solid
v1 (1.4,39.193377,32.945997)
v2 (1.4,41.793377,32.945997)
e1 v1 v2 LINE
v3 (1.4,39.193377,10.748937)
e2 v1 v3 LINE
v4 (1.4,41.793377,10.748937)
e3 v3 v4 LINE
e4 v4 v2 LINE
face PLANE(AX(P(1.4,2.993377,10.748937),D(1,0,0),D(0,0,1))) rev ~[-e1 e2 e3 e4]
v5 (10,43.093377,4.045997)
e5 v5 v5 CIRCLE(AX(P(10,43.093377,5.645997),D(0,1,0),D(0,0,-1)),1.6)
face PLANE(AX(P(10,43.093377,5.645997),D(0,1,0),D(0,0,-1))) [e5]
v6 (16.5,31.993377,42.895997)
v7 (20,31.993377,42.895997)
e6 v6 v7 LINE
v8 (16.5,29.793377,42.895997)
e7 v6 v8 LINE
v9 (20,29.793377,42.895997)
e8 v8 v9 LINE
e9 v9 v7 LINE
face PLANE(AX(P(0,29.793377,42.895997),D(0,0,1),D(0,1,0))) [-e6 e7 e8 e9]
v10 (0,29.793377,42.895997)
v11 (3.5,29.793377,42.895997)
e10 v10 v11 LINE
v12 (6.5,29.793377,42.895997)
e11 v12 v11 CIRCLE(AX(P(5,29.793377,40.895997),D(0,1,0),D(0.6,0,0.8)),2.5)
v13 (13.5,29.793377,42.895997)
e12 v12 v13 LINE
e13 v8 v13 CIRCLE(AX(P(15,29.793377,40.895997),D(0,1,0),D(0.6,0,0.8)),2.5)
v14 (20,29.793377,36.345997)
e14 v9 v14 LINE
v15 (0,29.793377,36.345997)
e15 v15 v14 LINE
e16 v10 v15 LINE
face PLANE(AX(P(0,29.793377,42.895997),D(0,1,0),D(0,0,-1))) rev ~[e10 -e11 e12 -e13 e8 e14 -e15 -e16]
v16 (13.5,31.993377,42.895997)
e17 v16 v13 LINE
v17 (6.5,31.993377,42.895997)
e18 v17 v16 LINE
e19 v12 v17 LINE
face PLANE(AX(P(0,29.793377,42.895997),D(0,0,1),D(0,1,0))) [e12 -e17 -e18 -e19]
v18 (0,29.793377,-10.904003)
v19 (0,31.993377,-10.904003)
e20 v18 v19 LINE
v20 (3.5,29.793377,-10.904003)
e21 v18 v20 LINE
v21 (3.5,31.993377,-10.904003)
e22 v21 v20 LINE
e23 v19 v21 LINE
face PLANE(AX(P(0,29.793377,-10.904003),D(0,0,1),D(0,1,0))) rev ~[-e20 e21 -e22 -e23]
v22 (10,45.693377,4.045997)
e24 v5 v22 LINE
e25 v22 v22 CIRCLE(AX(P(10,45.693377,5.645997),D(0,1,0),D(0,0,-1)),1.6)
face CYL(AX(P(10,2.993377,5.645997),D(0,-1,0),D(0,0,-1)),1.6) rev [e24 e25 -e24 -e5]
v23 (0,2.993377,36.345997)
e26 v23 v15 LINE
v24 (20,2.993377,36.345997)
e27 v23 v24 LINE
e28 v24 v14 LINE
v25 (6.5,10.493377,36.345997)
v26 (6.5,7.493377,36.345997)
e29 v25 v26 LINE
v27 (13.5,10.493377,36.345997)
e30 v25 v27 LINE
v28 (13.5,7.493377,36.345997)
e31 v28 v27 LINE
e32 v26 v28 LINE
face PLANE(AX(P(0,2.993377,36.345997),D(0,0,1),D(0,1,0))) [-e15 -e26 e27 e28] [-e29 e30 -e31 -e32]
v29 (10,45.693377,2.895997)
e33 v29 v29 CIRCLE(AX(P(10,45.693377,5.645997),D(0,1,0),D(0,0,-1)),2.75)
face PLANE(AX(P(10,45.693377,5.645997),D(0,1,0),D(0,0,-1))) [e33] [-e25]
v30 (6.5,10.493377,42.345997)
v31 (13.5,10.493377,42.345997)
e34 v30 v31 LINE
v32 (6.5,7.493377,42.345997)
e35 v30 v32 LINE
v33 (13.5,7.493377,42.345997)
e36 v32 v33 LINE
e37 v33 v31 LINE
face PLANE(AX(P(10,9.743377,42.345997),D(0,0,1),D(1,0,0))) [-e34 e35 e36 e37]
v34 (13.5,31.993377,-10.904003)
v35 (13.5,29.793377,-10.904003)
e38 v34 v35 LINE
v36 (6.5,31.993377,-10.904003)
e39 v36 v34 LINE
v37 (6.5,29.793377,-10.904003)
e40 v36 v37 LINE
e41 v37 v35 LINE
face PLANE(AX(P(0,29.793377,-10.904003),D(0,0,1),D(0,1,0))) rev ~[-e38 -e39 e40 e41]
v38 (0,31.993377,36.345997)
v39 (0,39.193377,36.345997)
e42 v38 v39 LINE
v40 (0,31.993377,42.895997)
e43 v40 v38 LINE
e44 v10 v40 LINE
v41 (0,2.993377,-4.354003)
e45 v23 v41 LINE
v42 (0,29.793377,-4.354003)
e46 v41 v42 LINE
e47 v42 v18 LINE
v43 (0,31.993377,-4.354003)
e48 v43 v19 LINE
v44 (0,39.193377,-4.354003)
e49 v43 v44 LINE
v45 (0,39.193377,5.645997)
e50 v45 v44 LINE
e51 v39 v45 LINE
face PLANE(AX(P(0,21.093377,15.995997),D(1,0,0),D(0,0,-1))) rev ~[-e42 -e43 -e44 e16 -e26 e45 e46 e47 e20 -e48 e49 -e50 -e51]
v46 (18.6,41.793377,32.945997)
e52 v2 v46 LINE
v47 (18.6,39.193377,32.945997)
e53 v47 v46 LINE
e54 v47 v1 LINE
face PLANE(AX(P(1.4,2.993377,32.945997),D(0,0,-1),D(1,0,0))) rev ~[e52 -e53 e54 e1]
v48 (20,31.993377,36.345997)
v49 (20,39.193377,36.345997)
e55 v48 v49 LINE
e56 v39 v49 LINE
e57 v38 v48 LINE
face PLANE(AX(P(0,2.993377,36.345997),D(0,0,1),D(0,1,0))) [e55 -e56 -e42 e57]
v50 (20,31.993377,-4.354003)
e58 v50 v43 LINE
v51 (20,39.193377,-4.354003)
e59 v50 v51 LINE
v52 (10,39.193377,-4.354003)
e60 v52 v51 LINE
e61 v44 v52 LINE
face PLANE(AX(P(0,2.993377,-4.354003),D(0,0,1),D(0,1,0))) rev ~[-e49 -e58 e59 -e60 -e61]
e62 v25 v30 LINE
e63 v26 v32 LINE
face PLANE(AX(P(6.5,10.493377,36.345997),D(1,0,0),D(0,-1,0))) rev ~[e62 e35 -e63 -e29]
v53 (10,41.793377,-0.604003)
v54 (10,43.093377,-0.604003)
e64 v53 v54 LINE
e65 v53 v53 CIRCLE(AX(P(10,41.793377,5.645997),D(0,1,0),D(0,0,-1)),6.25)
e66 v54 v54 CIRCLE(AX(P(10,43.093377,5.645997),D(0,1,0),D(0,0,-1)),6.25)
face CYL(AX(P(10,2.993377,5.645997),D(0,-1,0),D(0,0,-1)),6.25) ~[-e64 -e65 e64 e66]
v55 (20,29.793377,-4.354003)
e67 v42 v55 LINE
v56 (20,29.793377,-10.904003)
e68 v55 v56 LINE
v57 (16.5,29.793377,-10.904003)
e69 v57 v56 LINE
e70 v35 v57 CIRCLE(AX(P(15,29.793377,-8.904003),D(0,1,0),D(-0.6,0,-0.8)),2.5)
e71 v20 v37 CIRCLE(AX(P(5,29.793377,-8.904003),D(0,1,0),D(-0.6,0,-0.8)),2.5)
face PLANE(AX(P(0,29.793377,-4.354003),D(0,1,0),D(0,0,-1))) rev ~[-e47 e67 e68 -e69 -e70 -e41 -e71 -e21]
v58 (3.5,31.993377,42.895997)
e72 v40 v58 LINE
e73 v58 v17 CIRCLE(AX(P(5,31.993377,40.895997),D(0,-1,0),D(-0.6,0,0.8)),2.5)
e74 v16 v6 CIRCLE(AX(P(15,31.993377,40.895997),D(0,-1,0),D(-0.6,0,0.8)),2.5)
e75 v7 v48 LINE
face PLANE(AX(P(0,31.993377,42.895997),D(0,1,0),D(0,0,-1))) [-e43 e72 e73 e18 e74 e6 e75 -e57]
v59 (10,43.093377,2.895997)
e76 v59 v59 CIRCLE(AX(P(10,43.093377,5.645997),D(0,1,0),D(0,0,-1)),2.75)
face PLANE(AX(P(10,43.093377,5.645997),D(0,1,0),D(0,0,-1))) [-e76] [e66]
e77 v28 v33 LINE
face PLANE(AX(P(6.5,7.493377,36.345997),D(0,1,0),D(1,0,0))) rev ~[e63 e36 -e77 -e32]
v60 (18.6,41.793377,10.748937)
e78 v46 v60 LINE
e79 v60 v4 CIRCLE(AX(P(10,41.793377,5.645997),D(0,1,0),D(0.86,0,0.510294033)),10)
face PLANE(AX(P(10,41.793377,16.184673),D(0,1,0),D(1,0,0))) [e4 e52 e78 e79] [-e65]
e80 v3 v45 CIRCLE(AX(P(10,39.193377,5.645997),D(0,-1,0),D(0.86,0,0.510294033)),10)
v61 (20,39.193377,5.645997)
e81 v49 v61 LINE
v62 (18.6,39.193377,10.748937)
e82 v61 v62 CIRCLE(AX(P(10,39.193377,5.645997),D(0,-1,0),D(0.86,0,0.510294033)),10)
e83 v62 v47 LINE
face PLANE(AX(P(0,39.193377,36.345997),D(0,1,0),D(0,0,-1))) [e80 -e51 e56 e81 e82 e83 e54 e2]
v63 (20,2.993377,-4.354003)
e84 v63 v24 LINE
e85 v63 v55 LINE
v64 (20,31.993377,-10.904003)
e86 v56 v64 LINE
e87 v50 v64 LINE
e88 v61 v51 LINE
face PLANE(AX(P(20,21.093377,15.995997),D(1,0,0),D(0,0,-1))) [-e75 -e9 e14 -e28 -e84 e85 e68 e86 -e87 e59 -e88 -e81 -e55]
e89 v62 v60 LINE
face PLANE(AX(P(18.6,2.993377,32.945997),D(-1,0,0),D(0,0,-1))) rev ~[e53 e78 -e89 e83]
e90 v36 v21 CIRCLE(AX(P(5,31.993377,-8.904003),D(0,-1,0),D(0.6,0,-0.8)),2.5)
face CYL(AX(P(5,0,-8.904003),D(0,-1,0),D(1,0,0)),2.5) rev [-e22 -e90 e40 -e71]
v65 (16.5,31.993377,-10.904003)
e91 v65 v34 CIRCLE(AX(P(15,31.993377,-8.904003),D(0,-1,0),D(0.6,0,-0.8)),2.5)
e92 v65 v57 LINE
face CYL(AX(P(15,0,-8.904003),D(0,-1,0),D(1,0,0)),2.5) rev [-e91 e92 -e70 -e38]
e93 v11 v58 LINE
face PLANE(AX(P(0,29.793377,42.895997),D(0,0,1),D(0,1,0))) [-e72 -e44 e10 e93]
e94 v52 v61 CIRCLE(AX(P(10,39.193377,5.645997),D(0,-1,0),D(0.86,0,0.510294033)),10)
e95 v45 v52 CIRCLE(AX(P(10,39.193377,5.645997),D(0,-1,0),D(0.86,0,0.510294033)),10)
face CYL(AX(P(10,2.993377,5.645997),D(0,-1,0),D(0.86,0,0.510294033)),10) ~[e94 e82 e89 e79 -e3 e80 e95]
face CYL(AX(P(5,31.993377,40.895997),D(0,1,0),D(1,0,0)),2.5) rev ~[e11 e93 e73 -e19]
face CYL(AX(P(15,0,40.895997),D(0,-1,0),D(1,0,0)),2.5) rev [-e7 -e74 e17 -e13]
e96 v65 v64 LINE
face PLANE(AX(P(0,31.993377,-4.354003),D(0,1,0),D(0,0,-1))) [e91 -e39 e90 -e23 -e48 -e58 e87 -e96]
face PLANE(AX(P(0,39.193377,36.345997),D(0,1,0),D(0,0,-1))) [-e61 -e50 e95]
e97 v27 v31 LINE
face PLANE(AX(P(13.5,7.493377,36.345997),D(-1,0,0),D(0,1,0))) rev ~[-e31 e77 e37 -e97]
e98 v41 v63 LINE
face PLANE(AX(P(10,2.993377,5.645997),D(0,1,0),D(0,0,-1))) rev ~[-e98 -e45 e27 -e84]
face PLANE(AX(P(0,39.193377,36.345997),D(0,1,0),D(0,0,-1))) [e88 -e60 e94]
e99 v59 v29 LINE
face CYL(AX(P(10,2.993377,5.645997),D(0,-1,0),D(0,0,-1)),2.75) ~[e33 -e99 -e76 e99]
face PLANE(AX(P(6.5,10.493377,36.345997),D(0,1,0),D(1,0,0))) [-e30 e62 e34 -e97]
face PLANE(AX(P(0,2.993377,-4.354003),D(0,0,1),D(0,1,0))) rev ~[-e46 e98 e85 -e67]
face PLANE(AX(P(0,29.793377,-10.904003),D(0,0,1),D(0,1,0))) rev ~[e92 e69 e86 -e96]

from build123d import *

# Parameters (mm, degrees)
SKETCH1_W           = 40.7
SKETCH1_H           = 36.2
BOSS_EXTRUDE1_DEPTH = 20
SKETCH2_W           = 6.55
SKETCH2_H           = 2.2
BOSS_EXTRUDE2_DEPTH = 20
SKETCH3_R           = 6.25
BOSS_EXTRUDE3_DEPTH = 38.8
SKETCH3_3_R         = 6.25
SKETCH3_3_R_2       = 2.75
SKETCH3_3_R_3       = 1.6
BOSS_EXTRUDE4_DEPTH = 40.1
SKETCH3_4_R         = 2.75
SKETCH3_4_R_2       = 1.6
BOSS_EXTRUDE5_DEPTH = 42.7
SKETCH5_R           = 2.5
CUT_EXTRUDE1_DEPTH  = 43.9
SKETCH8_R           = 2.5
CUT_EXTRUDE2_DEPTH  = 43.9
SKETCH10_R          = 2.5
CUT_EXTRUDE3_DEPTH  = 43.9
SKETCH12_W          = 7
SKETCH12_H          = 1.5
BOSS_EXTRUDE6_DEPTH = 6


with BuildPart() as part:
    # Sketch1 → Boss-Extrude1 (new body)
    with BuildSketch(Plane(origin=(0, 0, 0), x_dir=(0, 0, -1), z_dir=(1, 0, 0))):
        with Locations((-15.995997066, 21.093377017)):
            Rectangle(SKETCH1_W, SKETCH1_H)
    extrude(amount=BOSS_EXTRUDE1_DEPTH)

    # Sketch2 → Boss-Extrude2 (add)
    with BuildSketch(Plane(origin=(0, 0, 0), x_dir=(0, 0, -1), z_dir=(1, 0, 0))):
        with Locations((-39.620997066, 30.893377017)):
            Rectangle(SKETCH2_W, SKETCH2_H)
        with Locations((7.629002934, 30.893377017)):
            Rectangle(SKETCH2_W, SKETCH2_H)
    extrude(amount=BOSS_EXTRUDE2_DEPTH)

    # Sketch3 → Boss-Extrude3 (add)
    with BuildSketch(Plane(origin=(0, 2.993377017, 0), x_dir=(1, 0, 0), z_dir=(0, 1, 0))):
        with BuildLine():
            Line((1.4, -10.748937395), (1.4, -32.945997066))
            Line((1.4, -32.945997066), (18.6, -32.945997066))
            Line((18.6, -32.945997066), (18.6, -10.748937395))
            ThreePointArc((18.6, -10.748937395), (10, 4.354002934), (1.4, -10.748937395))
        make_face()
        with Locations(Location((10, -5.645997066, 0), (0, 0, 90))):
            Circle(SKETCH3_R, mode=Mode.SUBTRACT)
    extrude(amount=BOSS_EXTRUDE3_DEPTH)

    # Sketch3<3> → Boss-Extrude4 (add)
    # profile 1 of 2: a face of its own
    with BuildSketch(Plane(origin=(0, 2.993377017, 0), x_dir=(1, 0, 0), z_dir=(0, 1, 0))):
        with Locations(Location((10, -5.645997066, 0), (0, 0, 90))):
            Circle(SKETCH3_3_R)
        with Locations(Location((10, -5.645997066, 0), (0, 0, 90))):
            Circle(SKETCH3_3_R_2, mode=Mode.SUBTRACT)
    # profile 2 of 2: a face of its own
    with BuildSketch(Plane(origin=(0, 2.993377017, 0), x_dir=(1, 0, 0), z_dir=(0, 1, 0))):
        with Locations(Location((10, -5.645997066, 0), (0, 0, 90))):
            Circle(SKETCH3_3_R_3)
    extrude(amount=BOSS_EXTRUDE4_DEPTH)

    # Sketch3<4> → Boss-Extrude5 (add)
    with BuildSketch(Plane(origin=(0, 2.993377017, 0), x_dir=(1, 0, 0), z_dir=(0, 1, 0))):
        with Locations(Location((10, -5.645997066, 0), (0, 0, 90))):
            Circle(SKETCH3_4_R)
        with Locations(Location((10, -5.645997066, 0), (0, 0, 90))):
            Circle(SKETCH3_4_R_2, mode=Mode.SUBTRACT)
    extrude(amount=BOSS_EXTRUDE5_DEPTH)

    # Sketch5 → Cut-Extrude1 (cut)
    with BuildSketch(Plane(origin=(0, 0, 0), x_dir=(1, 0, 0), z_dir=(0, 1, 0))):
        with Locations((15, -40.895997066)):
            Circle(SKETCH5_R)
    extrude(amount=CUT_EXTRUDE1_DEPTH, mode=Mode.SUBTRACT)

    # Sketch8 → Cut-Extrude2 (cut)
    with BuildSketch(Plane(origin=(0, 31.993377017, 0), x_dir=(1, 0, 0), z_dir=(0, 1, 0))):
        with Locations((5, -40.895997066)):
            Circle(SKETCH8_R)
    extrude(amount=-CUT_EXTRUDE2_DEPTH, mode=Mode.SUBTRACT)

    # Sketch10 → Cut-Extrude3 (cut)
    with BuildSketch(Plane(origin=(0, 0, 0), x_dir=(1, 0, 0), z_dir=(0, 1, 0))):
        with Locations((5, 8.904002934)):
            Circle(SKETCH10_R)
        with Locations((15, 8.904002934)):
            Circle(SKETCH10_R)
    extrude(amount=CUT_EXTRUDE3_DEPTH, mode=Mode.SUBTRACT)

    # Sketch12 → Boss-Extrude6 (add)
    with BuildSketch(Plane.XY.offset(36.345997066)):
        with Locations((10, 9.743377017)):
            Rectangle(SKETCH12_W, SKETCH12_H)
        with Locations((10, 8.243377017)):
            Rectangle(SKETCH12_W, SKETCH12_H)
    extrude(amount=BOSS_EXTRUDE6_DEPTH)


solid = part.part
